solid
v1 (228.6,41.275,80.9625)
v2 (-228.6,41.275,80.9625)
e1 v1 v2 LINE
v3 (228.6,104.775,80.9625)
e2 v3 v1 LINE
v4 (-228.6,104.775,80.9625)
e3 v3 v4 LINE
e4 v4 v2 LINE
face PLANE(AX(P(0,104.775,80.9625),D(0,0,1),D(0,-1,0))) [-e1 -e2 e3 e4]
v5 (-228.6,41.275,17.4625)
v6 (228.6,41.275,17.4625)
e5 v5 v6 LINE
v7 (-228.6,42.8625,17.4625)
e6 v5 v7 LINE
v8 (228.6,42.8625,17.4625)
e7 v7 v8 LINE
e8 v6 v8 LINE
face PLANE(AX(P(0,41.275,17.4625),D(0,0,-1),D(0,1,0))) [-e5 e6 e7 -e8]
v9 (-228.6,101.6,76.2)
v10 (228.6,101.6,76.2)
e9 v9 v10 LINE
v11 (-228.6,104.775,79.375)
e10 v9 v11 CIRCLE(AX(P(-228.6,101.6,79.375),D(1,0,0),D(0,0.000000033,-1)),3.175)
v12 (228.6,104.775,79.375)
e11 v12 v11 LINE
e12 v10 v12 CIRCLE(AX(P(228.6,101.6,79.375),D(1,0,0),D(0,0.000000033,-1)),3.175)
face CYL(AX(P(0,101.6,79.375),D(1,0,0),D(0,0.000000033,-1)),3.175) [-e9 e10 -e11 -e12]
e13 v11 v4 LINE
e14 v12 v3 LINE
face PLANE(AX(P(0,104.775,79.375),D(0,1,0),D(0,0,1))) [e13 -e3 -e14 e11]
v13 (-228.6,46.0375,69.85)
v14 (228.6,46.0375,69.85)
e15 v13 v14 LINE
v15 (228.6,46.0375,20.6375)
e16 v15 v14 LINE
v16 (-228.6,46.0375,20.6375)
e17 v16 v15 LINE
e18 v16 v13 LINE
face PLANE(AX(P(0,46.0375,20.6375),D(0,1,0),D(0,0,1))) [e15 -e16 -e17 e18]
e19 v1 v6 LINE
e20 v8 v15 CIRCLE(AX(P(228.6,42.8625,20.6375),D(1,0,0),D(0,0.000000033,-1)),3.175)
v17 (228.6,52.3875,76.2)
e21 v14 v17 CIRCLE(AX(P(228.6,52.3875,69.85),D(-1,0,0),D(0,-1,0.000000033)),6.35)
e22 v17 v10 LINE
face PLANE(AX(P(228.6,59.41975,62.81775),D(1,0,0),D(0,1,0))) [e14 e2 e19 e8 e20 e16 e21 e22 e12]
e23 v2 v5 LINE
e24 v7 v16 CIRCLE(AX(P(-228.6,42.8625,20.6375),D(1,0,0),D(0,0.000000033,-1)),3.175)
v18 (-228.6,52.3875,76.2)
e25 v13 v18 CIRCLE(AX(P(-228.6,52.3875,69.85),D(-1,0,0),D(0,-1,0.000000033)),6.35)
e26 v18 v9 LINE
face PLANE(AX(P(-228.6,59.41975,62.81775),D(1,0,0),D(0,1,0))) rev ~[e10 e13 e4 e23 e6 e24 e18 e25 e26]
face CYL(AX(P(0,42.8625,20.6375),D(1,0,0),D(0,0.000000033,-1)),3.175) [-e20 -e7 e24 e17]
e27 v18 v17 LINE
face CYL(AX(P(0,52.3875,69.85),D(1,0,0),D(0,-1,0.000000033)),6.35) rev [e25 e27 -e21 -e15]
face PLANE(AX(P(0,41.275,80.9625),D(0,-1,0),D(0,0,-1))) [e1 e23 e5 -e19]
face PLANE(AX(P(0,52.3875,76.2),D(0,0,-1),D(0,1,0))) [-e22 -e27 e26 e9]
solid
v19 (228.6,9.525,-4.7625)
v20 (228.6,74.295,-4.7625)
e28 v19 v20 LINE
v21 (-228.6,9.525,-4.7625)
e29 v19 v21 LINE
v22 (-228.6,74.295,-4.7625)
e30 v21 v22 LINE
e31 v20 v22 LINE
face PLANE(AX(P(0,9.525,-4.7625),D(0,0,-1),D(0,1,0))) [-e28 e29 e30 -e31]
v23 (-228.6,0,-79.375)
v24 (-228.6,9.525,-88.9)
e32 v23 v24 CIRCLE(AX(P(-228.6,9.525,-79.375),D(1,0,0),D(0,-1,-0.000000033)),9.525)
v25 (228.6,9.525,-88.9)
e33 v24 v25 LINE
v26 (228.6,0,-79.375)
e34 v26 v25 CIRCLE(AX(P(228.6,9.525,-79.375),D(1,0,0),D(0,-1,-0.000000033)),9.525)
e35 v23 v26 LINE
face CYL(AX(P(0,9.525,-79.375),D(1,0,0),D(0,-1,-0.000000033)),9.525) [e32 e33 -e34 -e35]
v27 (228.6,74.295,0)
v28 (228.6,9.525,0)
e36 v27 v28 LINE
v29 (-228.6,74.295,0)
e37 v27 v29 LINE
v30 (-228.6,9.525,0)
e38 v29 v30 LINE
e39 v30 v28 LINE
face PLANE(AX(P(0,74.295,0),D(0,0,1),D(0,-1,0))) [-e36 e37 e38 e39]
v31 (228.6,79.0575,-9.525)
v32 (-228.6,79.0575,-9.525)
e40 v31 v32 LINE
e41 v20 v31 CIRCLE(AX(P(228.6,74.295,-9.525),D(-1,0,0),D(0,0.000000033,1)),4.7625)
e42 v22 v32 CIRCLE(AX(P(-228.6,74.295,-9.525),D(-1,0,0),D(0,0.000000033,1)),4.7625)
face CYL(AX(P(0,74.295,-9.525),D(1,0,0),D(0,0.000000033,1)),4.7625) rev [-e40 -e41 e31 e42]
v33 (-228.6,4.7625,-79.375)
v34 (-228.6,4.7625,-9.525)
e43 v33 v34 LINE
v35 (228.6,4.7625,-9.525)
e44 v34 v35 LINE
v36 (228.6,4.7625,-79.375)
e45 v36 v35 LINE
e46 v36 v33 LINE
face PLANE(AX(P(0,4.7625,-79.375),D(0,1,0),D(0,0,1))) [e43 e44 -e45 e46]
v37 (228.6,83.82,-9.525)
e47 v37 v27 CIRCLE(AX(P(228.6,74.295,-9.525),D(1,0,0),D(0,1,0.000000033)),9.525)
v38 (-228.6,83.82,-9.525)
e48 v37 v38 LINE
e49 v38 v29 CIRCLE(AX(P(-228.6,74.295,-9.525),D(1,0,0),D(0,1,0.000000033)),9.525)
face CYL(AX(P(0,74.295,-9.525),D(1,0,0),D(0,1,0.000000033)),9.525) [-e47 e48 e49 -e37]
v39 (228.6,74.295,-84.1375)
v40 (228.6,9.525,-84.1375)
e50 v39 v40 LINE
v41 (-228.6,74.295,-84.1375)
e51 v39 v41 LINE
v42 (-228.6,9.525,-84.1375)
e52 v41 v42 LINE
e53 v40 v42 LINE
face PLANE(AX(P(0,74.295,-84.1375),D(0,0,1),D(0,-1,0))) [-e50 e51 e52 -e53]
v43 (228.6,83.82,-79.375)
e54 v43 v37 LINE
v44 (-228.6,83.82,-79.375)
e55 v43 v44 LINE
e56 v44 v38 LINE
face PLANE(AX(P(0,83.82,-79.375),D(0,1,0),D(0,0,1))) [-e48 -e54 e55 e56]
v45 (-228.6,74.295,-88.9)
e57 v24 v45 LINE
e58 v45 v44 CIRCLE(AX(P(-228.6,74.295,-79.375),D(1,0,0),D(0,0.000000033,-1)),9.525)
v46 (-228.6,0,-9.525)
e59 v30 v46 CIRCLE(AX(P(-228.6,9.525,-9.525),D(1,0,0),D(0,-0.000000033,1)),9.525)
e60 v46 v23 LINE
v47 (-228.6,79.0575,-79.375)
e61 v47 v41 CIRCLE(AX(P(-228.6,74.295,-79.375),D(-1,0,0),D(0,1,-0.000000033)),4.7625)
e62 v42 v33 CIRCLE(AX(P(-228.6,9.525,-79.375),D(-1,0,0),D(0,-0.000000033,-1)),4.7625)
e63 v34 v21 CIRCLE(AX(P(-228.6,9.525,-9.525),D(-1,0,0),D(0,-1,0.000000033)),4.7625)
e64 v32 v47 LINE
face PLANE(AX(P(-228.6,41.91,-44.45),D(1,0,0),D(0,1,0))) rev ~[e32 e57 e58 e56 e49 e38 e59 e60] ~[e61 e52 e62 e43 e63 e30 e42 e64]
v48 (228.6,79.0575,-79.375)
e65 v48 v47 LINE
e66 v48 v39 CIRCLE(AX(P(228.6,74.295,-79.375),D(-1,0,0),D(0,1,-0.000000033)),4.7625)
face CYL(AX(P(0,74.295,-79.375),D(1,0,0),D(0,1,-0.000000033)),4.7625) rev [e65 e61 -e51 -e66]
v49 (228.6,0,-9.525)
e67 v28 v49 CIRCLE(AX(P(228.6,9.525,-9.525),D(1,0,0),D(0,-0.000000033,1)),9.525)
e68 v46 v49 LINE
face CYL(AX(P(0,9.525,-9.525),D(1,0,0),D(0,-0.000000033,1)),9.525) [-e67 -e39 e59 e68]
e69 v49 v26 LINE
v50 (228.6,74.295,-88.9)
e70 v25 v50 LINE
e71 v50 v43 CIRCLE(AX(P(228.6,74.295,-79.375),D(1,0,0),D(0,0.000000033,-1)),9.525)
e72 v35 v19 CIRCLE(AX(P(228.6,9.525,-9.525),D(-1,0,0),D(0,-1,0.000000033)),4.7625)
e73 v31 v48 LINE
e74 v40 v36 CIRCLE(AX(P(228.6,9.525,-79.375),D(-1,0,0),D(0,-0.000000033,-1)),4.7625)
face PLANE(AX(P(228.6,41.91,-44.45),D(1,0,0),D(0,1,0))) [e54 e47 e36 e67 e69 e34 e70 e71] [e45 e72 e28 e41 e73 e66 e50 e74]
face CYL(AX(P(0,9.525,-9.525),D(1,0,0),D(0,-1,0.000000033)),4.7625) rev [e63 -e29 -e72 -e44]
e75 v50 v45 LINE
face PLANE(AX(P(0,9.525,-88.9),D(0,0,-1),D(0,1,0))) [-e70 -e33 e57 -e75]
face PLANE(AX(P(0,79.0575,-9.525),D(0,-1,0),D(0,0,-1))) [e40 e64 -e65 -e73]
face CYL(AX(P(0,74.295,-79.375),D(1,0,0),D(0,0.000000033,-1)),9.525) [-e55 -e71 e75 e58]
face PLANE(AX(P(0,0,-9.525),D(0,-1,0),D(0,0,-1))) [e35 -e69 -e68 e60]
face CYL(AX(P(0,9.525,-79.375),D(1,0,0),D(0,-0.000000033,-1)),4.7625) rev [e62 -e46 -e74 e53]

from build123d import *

# Parameters (mm, degrees)
F1_DEPTH = 228.6
F3_DEPTH = 228.6


with BuildPart() as f1:
    # F0 (on Right) → F1 (new body, symmetric)
    with BuildSketch(Plane.YZ):
        with BuildLine():
            Line((74.295, 0), (9.525, 0))
            ThreePointArc((9.525, 0), (2.789808, -2.789808), (0, -9.525))
            Line((0, -9.525), (0, -79.375))
            ThreePointArc((0, -79.375), (2.789808, -86.110192), (9.525, -88.9))
            Line((9.525, -88.9), (74.295, -88.9))
            ThreePointArc((74.295, -88.9), (81.030192, -86.110192), (83.82, -79.375))
            Line((83.82, -79.375), (83.82, -9.525))
            ThreePointArc((83.82, -9.525), (81.030192, -2.789808), (74.295, 0))
        make_face()
        with BuildLine():
            ThreePointArc((4.7625, -9.525), (6.157404, -6.157404), (9.525, -4.7625))
            Line((9.525, -4.7625), (74.295, -4.7625))
            ThreePointArc((74.295, -4.7625), (77.662596, -6.157404), (79.0575, -9.525))
            Line((79.0575, -9.525), (79.0575, -79.375))
            ThreePointArc((79.0575, -79.375), (77.662596, -82.742596), (74.295, -84.1375))
            Line((74.295, -84.1375), (9.525, -84.1375))
            ThreePointArc((9.525, -84.1375), (6.157404, -82.742596), (4.7625, -79.375))
            Line((4.7625, -79.375), (4.7625, -9.525))
        make_face(mode=Mode.SUBTRACT)
    extrude(amount=F1_DEPTH, both=True)


with BuildPart() as f3:
    # F2 (on Right) → F3 (new body, symmetric)
    with BuildSketch(Plane.YZ):
        with BuildLine():
            Line((41.275, 80.9625), (41.275, 17.4625))
            Line((41.275, 17.4625), (42.8625, 17.4625))
            ThreePointArc((42.8625, 17.4625), (45.107564, 18.392436), (46.0375, 20.6375))
            Line((46.0375, 20.6375), (46.0375, 69.85))
            ThreePointArc((46.0375, 69.85), (47.897372, 74.340128), (52.3875, 76.2))
            Line((52.3875, 76.2), (101.6, 76.2))
            ThreePointArc((101.6, 76.2), (103.845064, 77.129936), (104.775, 79.375))
            Line((104.775, 79.375), (104.775, 80.9625))
            Line((104.775, 80.9625), (41.275, 80.9625))
        make_face()
    extrude(amount=F3_DEPTH, both=True)


solid = Compound([f1.part, f3.part])
